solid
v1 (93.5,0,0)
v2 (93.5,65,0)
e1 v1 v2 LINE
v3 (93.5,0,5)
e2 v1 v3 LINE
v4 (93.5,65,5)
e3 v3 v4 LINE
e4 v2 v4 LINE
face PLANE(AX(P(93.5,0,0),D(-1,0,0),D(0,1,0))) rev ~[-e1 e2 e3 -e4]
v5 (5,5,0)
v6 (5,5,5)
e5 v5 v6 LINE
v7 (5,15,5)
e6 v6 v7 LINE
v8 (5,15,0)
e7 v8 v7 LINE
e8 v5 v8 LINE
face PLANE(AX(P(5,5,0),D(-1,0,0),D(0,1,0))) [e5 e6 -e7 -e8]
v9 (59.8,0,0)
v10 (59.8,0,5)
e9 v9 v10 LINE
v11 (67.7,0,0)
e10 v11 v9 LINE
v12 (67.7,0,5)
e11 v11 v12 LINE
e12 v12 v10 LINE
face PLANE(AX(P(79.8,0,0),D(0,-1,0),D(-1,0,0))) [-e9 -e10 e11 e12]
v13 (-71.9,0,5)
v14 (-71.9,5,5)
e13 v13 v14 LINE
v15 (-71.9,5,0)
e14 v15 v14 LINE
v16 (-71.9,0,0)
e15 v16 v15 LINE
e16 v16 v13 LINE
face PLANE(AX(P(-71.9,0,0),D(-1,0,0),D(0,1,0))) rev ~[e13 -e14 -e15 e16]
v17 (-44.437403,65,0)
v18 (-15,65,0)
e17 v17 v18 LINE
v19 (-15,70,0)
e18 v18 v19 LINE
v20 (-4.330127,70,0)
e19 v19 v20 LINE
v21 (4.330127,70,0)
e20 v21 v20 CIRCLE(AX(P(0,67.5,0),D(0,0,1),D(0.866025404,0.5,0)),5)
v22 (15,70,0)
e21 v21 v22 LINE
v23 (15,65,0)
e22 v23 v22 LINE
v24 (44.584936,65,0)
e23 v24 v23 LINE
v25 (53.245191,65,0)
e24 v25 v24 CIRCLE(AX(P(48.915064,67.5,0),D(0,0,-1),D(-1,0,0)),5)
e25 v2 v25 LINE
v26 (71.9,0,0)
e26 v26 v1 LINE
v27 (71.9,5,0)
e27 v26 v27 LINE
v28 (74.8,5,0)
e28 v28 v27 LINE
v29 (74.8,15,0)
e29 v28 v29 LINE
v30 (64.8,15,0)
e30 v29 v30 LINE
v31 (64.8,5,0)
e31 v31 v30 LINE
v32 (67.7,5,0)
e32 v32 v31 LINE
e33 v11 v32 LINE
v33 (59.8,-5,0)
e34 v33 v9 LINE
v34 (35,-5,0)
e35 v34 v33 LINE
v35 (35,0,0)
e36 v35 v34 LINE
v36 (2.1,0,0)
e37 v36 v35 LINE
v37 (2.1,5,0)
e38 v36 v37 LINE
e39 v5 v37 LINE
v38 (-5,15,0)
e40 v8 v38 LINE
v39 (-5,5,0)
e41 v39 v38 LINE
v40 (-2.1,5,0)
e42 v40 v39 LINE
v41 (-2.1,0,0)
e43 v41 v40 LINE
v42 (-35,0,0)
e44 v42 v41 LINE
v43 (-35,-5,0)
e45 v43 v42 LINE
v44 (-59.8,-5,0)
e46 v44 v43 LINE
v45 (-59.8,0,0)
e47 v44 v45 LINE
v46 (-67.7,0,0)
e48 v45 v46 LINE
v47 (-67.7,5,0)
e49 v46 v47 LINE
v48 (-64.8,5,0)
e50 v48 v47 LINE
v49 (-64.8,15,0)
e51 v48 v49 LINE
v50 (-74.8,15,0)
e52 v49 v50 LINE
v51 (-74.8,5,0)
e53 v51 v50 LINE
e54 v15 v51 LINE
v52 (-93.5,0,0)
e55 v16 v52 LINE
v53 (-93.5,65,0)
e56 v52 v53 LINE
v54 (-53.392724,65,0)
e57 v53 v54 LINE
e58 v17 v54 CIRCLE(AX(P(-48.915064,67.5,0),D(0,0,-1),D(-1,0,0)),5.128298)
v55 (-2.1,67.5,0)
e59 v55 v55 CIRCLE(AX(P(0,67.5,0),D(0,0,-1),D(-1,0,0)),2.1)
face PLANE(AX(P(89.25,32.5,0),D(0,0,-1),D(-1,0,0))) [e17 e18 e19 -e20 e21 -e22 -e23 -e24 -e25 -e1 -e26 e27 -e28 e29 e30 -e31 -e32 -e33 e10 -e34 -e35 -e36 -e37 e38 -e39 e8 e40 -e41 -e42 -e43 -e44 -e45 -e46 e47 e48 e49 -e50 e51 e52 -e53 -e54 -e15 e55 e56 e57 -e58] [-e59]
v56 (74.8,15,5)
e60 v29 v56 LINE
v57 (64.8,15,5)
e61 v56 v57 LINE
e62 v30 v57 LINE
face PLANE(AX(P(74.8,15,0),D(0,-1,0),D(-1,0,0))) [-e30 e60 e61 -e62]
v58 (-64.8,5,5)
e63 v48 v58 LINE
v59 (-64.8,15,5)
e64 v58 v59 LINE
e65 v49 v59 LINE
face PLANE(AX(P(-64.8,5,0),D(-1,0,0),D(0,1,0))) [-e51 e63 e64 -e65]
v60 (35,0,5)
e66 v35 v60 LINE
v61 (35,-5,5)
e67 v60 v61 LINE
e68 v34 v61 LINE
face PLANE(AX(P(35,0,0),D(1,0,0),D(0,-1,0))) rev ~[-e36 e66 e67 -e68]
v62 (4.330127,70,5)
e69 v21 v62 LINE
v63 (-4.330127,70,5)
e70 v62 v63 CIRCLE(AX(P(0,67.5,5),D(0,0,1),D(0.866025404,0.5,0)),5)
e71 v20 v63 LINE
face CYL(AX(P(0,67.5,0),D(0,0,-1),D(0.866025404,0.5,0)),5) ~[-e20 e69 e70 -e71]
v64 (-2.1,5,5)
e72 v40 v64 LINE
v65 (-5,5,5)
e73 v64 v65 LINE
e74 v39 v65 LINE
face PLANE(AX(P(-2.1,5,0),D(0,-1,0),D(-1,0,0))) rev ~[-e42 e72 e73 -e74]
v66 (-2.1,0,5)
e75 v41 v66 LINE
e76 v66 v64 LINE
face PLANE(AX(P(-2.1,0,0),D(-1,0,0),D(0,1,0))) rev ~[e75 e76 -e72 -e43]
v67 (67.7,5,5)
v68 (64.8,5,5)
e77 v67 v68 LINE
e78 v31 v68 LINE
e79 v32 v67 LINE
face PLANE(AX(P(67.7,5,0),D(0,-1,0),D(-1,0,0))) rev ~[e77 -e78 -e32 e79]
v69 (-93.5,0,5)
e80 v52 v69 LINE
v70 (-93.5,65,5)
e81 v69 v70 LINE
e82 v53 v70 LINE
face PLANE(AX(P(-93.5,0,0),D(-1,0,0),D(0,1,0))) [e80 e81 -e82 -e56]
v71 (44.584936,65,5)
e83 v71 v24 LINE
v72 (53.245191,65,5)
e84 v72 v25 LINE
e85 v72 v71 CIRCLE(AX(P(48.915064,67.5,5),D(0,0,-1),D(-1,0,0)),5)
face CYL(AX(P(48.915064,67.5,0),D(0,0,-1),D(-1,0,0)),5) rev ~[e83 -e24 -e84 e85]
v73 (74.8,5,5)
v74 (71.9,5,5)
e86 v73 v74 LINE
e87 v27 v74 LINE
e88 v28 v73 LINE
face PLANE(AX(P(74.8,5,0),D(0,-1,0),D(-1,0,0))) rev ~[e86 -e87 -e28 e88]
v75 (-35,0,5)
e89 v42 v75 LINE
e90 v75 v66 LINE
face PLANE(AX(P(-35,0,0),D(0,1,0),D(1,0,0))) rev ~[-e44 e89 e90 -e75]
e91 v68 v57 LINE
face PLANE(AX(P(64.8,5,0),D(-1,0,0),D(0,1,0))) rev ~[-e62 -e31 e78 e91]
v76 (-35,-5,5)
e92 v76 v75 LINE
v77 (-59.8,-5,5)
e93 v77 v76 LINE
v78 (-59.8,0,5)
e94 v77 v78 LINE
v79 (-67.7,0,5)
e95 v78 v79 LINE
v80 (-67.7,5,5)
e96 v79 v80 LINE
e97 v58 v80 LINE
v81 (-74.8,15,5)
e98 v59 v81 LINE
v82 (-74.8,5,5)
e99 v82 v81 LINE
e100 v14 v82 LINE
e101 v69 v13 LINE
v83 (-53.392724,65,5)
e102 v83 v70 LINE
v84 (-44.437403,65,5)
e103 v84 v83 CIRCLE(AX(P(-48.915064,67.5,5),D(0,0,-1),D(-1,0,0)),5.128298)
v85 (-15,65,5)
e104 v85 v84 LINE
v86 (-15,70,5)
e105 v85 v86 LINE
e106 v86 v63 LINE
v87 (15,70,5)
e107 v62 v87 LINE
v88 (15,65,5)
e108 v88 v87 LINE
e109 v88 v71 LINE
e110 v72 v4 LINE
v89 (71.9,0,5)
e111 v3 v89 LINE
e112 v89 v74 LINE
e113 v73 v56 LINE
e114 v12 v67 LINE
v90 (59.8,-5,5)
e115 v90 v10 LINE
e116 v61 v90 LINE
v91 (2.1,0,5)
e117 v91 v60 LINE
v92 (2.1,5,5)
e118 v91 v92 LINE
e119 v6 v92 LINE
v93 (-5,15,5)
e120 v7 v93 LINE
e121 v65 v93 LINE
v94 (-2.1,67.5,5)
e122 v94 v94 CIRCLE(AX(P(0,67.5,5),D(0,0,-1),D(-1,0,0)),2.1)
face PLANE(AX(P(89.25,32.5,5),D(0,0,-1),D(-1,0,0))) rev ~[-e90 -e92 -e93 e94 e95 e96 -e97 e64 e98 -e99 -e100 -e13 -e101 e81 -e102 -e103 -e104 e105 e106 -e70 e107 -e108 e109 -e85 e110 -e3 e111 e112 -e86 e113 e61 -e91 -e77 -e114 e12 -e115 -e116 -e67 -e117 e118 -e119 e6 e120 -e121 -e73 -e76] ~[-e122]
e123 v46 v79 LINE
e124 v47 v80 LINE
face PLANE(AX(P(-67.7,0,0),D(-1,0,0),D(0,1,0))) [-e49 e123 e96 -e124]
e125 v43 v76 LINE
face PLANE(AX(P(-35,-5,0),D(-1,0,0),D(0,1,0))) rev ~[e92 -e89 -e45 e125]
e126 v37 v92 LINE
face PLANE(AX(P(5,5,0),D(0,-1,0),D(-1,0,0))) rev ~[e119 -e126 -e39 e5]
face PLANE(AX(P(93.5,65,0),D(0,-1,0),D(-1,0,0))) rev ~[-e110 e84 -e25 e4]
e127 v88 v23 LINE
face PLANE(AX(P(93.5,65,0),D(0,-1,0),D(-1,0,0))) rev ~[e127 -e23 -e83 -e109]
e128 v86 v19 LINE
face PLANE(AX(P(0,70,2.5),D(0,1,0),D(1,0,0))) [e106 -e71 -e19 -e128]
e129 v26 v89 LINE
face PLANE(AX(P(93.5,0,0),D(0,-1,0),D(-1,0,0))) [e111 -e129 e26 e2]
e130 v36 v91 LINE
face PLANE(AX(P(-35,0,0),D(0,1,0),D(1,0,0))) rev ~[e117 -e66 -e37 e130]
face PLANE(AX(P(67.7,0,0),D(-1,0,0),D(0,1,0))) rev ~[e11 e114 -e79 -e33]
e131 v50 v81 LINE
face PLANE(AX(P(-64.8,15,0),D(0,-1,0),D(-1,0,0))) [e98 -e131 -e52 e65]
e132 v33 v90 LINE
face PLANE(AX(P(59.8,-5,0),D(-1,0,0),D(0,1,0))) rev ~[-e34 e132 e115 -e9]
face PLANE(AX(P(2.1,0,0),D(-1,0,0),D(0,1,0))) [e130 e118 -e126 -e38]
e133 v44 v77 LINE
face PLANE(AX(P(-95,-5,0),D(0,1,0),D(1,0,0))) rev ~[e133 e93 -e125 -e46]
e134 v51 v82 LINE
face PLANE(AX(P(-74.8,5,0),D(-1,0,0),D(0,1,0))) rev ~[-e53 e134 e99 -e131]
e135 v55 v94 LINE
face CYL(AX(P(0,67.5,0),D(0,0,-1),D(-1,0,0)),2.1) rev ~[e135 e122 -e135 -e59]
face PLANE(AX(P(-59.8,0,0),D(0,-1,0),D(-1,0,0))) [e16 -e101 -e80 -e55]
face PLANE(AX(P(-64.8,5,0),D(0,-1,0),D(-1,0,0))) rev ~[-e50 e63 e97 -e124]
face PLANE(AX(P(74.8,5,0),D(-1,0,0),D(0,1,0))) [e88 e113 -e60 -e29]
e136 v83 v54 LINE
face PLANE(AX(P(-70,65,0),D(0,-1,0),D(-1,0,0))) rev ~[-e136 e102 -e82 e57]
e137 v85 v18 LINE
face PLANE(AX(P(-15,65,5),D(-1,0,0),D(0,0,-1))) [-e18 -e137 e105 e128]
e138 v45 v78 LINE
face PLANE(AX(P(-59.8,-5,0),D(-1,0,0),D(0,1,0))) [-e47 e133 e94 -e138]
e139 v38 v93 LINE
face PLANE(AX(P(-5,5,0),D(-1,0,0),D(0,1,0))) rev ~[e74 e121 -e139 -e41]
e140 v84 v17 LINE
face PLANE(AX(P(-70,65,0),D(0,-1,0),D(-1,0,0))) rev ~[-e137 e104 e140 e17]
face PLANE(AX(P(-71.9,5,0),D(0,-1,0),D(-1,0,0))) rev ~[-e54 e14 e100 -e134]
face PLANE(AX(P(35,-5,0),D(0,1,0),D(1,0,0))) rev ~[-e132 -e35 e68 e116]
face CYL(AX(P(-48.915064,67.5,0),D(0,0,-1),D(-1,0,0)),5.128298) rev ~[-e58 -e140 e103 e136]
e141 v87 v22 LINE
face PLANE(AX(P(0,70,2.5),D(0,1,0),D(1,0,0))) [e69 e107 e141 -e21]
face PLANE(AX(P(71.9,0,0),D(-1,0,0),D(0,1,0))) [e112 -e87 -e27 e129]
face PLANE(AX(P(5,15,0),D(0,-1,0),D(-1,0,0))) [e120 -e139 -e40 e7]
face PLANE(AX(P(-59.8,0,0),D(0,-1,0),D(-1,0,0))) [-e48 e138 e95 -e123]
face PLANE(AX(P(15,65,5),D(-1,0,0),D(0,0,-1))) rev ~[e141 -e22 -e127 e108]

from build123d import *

# Parameters (mm, degrees)
BOSS_EXTRUDE1_DEPTH = 5
SKETCH2_W           = 35
SKETCH2_H           = 65
CUT_EXTRUDE1_DEPTH  = 10
SKETCH4_W           = 30
SKETCH4_H           = 5
BOSS_EXTRUDE2_DEPTH = 5
SKETCH5_W           = 20
SKETCH5_H           = 5
CUT_EXTRUDE3_DEPTH  = 5
SKETCH6_R           = 2.1
CUT_EXTRUDE4_DEPTH  = 5
BOSS_EXTRUDE3_DEPTH = 5
SKETCH8_W           = 4.2
SKETCH8_H           = 5
SKETCH8_W_2         = 10
SKETCH8_H_2         = 10
CUT_EXTRUDE5_DEPTH  = 5
SKETCH10_W          = 30
SKETCH10_H          = 10
CUT_EXTRUDE7_DEPTH  = 6
SKETCH11_W          = 15
SKETCH11_H          = 5
SKETCH11_W_2        = 5.2
CUT_EXTRUDE8_DEPTH  = 6
SKETCH13_W          = 8.5
SKETCH13_H          = 65
BOSS_EXTRUDE5_DEPTH = 5
SKETCH14_R          = 5
SKETCH14_R_2        = 5.12829824
CUT_EXTRUDE9_DEPTH  = 5


with BuildPart() as part:
    # Sketch1 → Boss-Extrude1 (new body)
    with BuildSketch(Plane.XY):
        Polygon((95, -5), (95, 0), (115, 0), (115, 20), (120, 20), (120, 45), (115, 45), (115, 65), (100, 65), (100, 70), (70, 70), (70, 65), (-70, 65), (-70, 70), (-100, 70), (-100, 65), (-115, 65), (-115, 45), (-120, 45), (-120, 20), (-115, 20), (-115, 0), (-95, 0), (-95, -5), (-35, -5), (-35, 0), (35, 0), (35, -5), align=None)
    extrude(amount=BOSS_EXTRUDE1_DEPTH)

    # Sketch2 → Cut-Extrude1 (cut)
    with BuildSketch(Plane(origin=(0, 0, 0), x_dir=(-1, 0, 0), z_dir=(0, 0, -1))):
        with Locations((102.5, 27.5)):
            Rectangle(SKETCH2_W, SKETCH2_H)
        with Locations((-102.5, 27.5)):
            Rectangle(SKETCH2_W, SKETCH2_H)
    extrude(amount=-CUT_EXTRUDE1_DEPTH, mode=Mode.SUBTRACT)

    # Sketch4 → Boss-Extrude2 (add)
    with BuildSketch(Plane(origin=(0, 65, 0), x_dir=(1, 0, 0), z_dir=(0, 1, 0))):
        with Locations((0, -2.5)):
            Rectangle(SKETCH4_W, SKETCH4_H)
    extrude(amount=BOSS_EXTRUDE2_DEPTH)

    # Sketch5 → Cut-Extrude3 (cut)
    with BuildSketch(Plane(origin=(0, 0, 0), x_dir=(-1, 0, 0), z_dir=(0, 0, -1))):
        with Locations((-69.8, -2.5)):
            Rectangle(SKETCH5_W, SKETCH5_H)
        with Locations((69.8, -2.5)):
            Rectangle(SKETCH5_W, SKETCH5_H)
    extrude(amount=-CUT_EXTRUDE3_DEPTH, mode=Mode.SUBTRACT)

    # Sketch6 → Cut-Extrude4 (cut)
    with BuildSketch(Plane(origin=(0, 0, 0), x_dir=(-1, 0, 0), z_dir=(0, 0, -1))):
        with Locations((0, 67.5)):
            Circle(SKETCH6_R)
    extrude(amount=-CUT_EXTRUDE4_DEPTH, mode=Mode.SUBTRACT)

    # Sketch7 → Boss-Extrude3 (add)
    with BuildSketch(Plane(origin=(0, 0, 0), x_dir=(-1, 0, 0), z_dir=(0, 0, -1))):
        with BuildLine():
            Line((4.330127019, 70), (-4.330127019, 70))
            ThreePointArc((-4.330127019, 70), (0, 72.5), (4.330127019, 70))
        make_face()
    extrude(amount=-BOSS_EXTRUDE3_DEPTH)

    # Sketch8 → Cut-Extrude5 (cut)
    with BuildSketch(Plane(origin=(0, 0, 0), x_dir=(-1, 0, 0), z_dir=(0, 0, -1))):
        with Locations((69.8, 2.5)):
            Rectangle(SKETCH8_W, SKETCH8_H)
        with Locations((69.8, 10)):
            Rectangle(SKETCH8_W_2, SKETCH8_H_2)
        with Locations((-69.8, 10)):
            Rectangle(SKETCH8_W_2, SKETCH8_H_2)
        with Locations((-69.8, 2.5)):
            Rectangle(SKETCH8_W, SKETCH8_H)
        with Locations((0, 2.5)):
            Rectangle(SKETCH8_W, SKETCH8_H)
        with Locations((0, 10)):
            Rectangle(SKETCH8_W_2, SKETCH8_H_2)
    extrude(amount=-CUT_EXTRUDE5_DEPTH, mode=Mode.SUBTRACT)

    # Sketch10 → Cut-Extrude7 (cut, through all)
    with BuildSketch(Plane(origin=(0, 0, 0), x_dir=(-1, 0, 0), z_dir=(0, 0, -1))):
        with Locations((-100, 65)):
            Rectangle(SKETCH10_W, SKETCH10_H)
        with Locations((100, 65)):
            Rectangle(SKETCH10_W, SKETCH10_H)
    extrude(amount=-CUT_EXTRUDE7_DEPTH, mode=Mode.SUBTRACT)

    # Sketch11 → Cut-Extrude8 (cut, through all)
    with BuildSketch(Plane(origin=(0, 0, 0), x_dir=(-1, 0, 0), z_dir=(0, 0, -1))):
        with Locations((-77.5, 67.5)):
            Rectangle(SKETCH11_W, SKETCH11_H)
        with Locations((77.5, 67.5)):
            Rectangle(SKETCH11_W, SKETCH11_H)
        with Locations((82.4, -2.5)):
            Rectangle(SKETCH11_W_2, SKETCH11_H)
        with Locations((-82.4, -2.5)):
            Rectangle(SKETCH11_W_2, SKETCH11_H)
    extrude(amount=-CUT_EXTRUDE8_DEPTH, mode=Mode.SUBTRACT)

    # Sketch13 → Boss-Extrude5 (add)
    with BuildSketch(Plane(origin=(0, 0, 0), x_dir=(-1, 0, 0), z_dir=(0, 0, -1))):
        with Locations((-89.25, 32.5)):
            Rectangle(SKETCH13_W, SKETCH13_H)
        with Locations((89.25, 32.5)):
            Rectangle(SKETCH13_W, SKETCH13_H)
    extrude(amount=-BOSS_EXTRUDE5_DEPTH)

    # Sketch14 → Cut-Extrude9 (cut)
    with BuildSketch(Plane(origin=(0, 0, 0), x_dir=(-1, 0, 0), z_dir=(0, 0, -1))):
        with Locations((-48.915063509, 67.5)):
            Circle(SKETCH14_R)
        with Locations((48.915063509, 67.5)):
            Circle(SKETCH14_R_2)
    extrude(amount=-CUT_EXTRUDE9_DEPTH, mode=Mode.SUBTRACT)


solid = part.part
